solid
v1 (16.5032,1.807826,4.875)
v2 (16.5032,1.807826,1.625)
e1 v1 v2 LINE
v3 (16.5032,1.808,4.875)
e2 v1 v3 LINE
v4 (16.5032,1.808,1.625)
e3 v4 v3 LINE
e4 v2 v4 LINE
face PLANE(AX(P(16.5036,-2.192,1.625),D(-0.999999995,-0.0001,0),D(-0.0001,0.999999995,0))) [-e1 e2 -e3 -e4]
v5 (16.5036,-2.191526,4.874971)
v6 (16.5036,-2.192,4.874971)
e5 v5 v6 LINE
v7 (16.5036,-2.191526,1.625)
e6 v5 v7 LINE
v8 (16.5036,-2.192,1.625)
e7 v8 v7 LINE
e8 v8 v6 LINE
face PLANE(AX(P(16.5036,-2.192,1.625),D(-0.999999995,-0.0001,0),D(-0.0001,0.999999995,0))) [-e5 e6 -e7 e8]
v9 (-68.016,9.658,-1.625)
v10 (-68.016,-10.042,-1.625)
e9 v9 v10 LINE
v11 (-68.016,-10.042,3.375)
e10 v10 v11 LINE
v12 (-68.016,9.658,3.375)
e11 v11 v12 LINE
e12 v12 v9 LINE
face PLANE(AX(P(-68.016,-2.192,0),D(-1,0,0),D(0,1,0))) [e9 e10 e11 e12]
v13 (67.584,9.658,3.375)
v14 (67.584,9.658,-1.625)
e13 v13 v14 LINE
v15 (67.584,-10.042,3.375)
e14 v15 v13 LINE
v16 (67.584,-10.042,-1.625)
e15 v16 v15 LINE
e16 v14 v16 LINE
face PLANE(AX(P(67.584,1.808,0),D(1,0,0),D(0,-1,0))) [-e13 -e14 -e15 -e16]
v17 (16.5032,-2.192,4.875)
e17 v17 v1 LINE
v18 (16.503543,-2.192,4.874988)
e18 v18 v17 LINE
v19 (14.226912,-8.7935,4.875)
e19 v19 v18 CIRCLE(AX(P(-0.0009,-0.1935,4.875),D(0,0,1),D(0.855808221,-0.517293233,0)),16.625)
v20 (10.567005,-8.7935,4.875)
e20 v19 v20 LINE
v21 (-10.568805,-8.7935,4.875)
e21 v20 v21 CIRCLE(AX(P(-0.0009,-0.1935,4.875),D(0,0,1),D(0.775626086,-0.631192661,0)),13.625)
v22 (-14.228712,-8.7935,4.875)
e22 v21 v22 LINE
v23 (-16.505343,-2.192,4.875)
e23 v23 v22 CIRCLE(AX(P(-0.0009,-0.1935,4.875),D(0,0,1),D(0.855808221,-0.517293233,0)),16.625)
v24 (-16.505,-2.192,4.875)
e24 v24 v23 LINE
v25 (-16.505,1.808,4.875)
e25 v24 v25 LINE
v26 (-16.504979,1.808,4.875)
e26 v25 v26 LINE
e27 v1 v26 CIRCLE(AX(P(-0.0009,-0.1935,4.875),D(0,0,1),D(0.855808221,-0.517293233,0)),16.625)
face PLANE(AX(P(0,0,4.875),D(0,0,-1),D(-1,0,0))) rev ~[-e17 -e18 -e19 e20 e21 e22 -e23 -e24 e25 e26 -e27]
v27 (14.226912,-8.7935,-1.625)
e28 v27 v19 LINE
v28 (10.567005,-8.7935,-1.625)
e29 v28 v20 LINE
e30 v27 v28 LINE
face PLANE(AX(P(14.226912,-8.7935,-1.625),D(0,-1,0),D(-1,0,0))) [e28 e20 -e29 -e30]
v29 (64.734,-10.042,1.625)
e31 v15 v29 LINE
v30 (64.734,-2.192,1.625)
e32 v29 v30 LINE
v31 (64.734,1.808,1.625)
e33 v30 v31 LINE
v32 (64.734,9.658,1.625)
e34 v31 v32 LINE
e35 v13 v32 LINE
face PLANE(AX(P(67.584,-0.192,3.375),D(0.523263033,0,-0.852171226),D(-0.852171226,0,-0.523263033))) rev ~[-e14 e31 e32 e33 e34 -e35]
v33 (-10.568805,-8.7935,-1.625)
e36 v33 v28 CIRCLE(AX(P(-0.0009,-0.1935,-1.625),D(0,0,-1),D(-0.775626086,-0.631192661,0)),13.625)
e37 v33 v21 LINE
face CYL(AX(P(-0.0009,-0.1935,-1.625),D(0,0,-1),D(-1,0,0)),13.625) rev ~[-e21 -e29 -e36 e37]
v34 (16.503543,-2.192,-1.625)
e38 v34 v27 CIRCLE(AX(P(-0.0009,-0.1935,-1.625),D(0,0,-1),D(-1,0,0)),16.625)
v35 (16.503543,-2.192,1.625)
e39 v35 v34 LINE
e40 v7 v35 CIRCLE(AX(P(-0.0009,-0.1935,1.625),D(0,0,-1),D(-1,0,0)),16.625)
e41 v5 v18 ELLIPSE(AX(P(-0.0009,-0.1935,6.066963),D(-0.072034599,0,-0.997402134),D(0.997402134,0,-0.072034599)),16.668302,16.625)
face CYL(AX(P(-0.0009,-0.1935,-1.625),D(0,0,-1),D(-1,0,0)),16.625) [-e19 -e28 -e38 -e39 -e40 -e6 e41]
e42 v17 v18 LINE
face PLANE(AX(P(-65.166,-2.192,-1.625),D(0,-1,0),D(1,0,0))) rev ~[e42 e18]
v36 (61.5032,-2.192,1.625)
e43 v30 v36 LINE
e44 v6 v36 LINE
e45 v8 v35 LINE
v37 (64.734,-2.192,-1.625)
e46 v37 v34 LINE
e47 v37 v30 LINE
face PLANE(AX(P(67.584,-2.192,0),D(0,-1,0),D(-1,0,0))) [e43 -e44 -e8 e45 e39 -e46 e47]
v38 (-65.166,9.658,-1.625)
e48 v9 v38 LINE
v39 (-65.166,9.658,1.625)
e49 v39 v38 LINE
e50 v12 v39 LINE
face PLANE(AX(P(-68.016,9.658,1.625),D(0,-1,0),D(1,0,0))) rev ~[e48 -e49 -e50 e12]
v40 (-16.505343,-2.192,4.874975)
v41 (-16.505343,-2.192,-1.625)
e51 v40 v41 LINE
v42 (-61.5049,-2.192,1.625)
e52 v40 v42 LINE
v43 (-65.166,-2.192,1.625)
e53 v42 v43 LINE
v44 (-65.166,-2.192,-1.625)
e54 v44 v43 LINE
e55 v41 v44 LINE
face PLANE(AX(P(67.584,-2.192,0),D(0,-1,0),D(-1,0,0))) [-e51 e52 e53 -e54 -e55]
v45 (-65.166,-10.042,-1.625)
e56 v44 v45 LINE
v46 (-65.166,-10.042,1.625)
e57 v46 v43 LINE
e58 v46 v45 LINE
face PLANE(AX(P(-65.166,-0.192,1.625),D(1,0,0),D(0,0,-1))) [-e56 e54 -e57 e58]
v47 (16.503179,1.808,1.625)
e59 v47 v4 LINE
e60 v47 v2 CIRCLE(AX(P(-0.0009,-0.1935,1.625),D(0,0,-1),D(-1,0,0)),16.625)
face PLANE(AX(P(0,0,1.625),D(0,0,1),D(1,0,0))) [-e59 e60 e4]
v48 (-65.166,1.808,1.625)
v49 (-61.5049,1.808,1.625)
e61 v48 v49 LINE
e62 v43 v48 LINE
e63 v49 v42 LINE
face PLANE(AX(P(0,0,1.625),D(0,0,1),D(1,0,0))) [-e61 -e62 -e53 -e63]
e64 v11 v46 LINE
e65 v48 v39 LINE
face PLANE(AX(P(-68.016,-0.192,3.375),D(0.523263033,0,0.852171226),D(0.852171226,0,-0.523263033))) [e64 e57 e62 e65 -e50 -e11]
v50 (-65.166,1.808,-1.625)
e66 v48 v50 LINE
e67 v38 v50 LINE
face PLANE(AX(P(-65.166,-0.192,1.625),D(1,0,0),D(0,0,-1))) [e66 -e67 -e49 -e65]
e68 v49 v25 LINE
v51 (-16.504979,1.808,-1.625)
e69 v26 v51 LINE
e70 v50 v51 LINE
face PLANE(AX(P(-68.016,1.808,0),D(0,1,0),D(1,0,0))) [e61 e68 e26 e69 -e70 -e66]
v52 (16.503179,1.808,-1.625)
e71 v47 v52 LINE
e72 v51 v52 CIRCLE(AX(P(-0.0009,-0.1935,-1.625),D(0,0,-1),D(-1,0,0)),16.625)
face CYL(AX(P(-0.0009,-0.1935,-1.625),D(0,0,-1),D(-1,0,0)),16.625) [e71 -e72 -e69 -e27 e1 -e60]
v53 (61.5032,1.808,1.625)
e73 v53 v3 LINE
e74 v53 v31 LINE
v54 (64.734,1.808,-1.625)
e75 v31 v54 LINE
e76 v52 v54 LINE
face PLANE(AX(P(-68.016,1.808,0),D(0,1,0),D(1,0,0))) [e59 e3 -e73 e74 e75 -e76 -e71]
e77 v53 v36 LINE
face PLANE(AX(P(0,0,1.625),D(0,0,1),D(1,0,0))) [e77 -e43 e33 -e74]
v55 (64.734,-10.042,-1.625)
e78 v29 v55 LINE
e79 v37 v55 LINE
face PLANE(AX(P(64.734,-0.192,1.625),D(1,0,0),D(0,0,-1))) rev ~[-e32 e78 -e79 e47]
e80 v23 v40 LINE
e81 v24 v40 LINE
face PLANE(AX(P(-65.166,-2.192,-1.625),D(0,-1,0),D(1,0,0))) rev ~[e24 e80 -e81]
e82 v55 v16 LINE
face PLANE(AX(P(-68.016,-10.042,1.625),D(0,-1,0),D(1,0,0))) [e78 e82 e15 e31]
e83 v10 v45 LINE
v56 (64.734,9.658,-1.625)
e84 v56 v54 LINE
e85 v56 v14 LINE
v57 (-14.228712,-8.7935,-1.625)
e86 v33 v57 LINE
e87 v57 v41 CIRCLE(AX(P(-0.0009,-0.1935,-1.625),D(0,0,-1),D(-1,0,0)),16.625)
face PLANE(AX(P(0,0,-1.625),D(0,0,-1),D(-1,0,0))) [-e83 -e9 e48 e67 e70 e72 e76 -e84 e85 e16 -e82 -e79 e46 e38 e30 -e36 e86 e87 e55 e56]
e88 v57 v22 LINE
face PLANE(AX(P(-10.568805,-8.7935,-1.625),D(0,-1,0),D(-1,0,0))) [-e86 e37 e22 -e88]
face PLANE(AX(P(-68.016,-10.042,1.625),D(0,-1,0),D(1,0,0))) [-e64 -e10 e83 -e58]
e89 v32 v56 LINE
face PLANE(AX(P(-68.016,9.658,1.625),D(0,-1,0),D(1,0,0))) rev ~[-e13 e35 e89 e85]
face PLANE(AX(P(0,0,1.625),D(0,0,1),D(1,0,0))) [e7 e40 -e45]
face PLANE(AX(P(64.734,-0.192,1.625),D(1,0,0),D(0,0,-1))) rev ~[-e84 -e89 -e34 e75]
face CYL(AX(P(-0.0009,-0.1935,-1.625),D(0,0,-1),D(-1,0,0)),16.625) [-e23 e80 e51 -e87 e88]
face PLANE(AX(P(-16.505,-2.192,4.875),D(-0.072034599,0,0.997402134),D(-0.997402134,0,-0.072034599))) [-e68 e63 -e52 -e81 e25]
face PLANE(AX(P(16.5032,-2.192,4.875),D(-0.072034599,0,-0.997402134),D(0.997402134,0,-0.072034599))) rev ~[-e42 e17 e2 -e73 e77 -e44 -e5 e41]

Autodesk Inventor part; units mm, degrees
ref_plane "YZ Plane" through (0, 0, 0) normal (1, 0, 0) x (0, 1, 0)
ref_plane "XZ Plane" through (0, 0, 0) normal (0, 1, 0) x (-1, 0, 0)
ref_plane "XY Plane" through (0, 0, 0) normal (0, 0, 1) x (1, 0, 0)
sketch "Skizze1" plane through (0, 0, 0) normal (0, 0, 1) x (1, 0, 0)
  line L0 (-68.016, 1.808) -> (67.584, 1.808)
  line L1 (67.584, 1.808) -> (67.584, -2.192)
  line L2 (67.584, -2.192) -> (-68.016, -2.192)
  line L3 (-68.016, -2.192) -> (-68.016, 1.808)
  line L4 (-68.016, 1.808) -> (67.584, -2.192) construction
  line L5 (67.584, 1.808) -> (-68.016, -2.192) construction
  point P0 (0, 0)
  point P1 (-0.216, -0.192)
  point P2 (-0.216, -0.192)
  dimension "d0" = 135.6
  dimension "d1" = 4
extrude "Extrusion1" add sketch "Skizze1" along normal mid plane 3.25
ref_plane "Arbeitsebene1" through (-68.016, -0.192, 1.625) normal (0, -1, 0) x (1, 0, 0)
sketch "Skizze2" plane through (-68.016, -0.192, 1.625) normal (0, -1, 0) x (1, 0, 0)
  line L0 (0, -3.25) -> (0, 0) projected
  line L1 (0, -3.25) -> (135.6, -3.25) projected
  line L2 (0, 0) -> (2.85, 0)
  line L3 (2.85, 0) -> (2.85, -3.25)
  line L4 (2.85, -3.25) -> (0, -3.25)
  line L5 (0, -3.25) -> (0, 0)
  line L6 (0, 0) -> (0, 1.75)
  line L7 (0, 1.75) -> (2.85, 0)
  line L8 (135.6, -3.25) -> (135.6, 0) projected
  line L9 (135.6, 0) -> (132.75, 0)
  line L10 (132.75, 0) -> (132.75, -3.25)
  line L11 (132.75, -3.25) -> (135.6, -3.25)
  line L12 (135.6, -3.25) -> (135.6, 0)
  line L13 (135.6, 0) -> (135.6, 1.75)
  line L14 (135.6, 1.75) -> (132.75, 0)
  point P0 (68.016, -1.625)
  dimension "d4" = 2.85
  dimension "d5" = 1.75
  dimension "d6" = 2.85
extrude "Extrusion2" add sketch "Skizze2" along normal mid plane 19.7
sketch "Skizze3" plane through (0, 0, 1.625) normal (0, 0, 1) x (1, 0, 0)
  circle A0 centre (0, 0) radius 16
  dimension "d9" = 32
extrude "Extrusion3" cut sketch "Skizze3" against normal through all
sketch "Skizze4" plane through (0, 0, -1.625) normal (0, 0, -1) x (-1, 0, 0)
  line L0 (0.0777, -0.1628) -> (6.2277, -0.1628) construction
  circle A0 centre (0.0009, -0.1935) radius 13.625
  circle A1 centre (0.0009, -0.1935) radius 16.625
  line L1 (-22.383, -8.7935) -> (26.817, -8.7935)
  point P0 (-16.6241, -0.1935)
  point P1 (16.6259, -0.1935)
  point P2 (10.5688, -8.7935)
  point P3 (14.2287, -8.7935)
  point P4 (-14.2269, -8.7935)
  point P5 (-10.567, -8.7935)
  dimension "d27" = 3
  dimension "d28" = 27.25
  dimension "d29" = 8.6
extrude "Extrusion4" add sketch "Skizze4" against normal blind 6.5 contours A0 L1 A1 picked at (15.3303, 2.2297)
sketch "Skizze7" plane through (0, 0, 1.625) normal (0, 0, 1) x (1, 0, 0)
  line L0 (-65.166, 1.808) -> (-16.5049, 1.808) projected
  line L1 (-16.5053, -2.192) -> (-65.166, -2.192) projected
  line L2 (-16.5049, 1.808) -> (-61.5049, 1.808)
  line L3 (-61.5049, 1.808) -> (-61.5049, -2.192)
  line L4 (-61.5049, -2.192) -> (-16.5049, -2.192)
  line L5 (-16.5049, -2.192) -> (-16.5049, 1.808)
  line L6 (16.5032, 1.808) -> (64.734, 1.808) projected
  line L7 (64.734, -2.192) -> (16.5036, -2.192) projected
  line L8 (16.5032, 1.808) -> (61.5032, 1.808)
  line L9 (61.5032, 1.808) -> (61.5032, -2.192)
  line L10 (61.5032, -2.192) -> (16.5032, -2.192)
  line L11 (16.5032, -2.192) -> (16.5032, 1.808)
  point P0 (0, 0)
  point P1 (-61.5049, 1.808)
  point P2 (16.5036, -2.192)
  point P3 (61.5032, 1.808)
  dimension "d30" = 45
  dimension "d31" = 45
extrude "Extrusion7" add sketch "Skizze7" along normal blind 3.25
sketch "Skizze8" plane through (-65.166, -2.192, -1.625) normal (0, -1, 0) x (1, 0, 0)
  line L0 (48.661, 6.5) -> (3.661, 6.5) projected
  line L1 (48.661, 6.5) -> (48.661, 0) projected
  line L2 (3.661, 6.5) -> (48.661, 6.5)
  line L3 (48.661, 6.5) -> (48.661, 3.25)
  line L4 (48.661, 3.25) -> (3.661, 3.25)
  line L5 (3.661, 3.25) -> (3.661, 6.5)
  line L6 (126.6692, 3.25) -> (126.6692, 6.5) projected
  line L7 (81.6692, 6.5) -> (81.6692, 0) projected
  line L8 (126.6692, 6.5) -> (81.6692, 6.5)
  line L9 (81.6692, 6.5) -> (81.6692, 3.25)
  line L10 (81.6692, 3.25) -> (126.6692, 3.25)
  line L11 (126.6692, 3.25) -> (126.6692, 6.5)
  line L12 (81.6692, 6.5) -> (126.6692, 3.25)
  line L13 (50.9373, 6.5) -> (48.6607, 6.5) projected
  line L14 (48.6607, 6.5) -> (3.661, 3.25)
  point P0 (65.166, 1.625)
extrude "Extrusion8" cut sketch "Skizze8" against normal through all contours L14 L5 L0 | L12 L8 L6
properties part number "2024_08_28_Holder_GL25"
